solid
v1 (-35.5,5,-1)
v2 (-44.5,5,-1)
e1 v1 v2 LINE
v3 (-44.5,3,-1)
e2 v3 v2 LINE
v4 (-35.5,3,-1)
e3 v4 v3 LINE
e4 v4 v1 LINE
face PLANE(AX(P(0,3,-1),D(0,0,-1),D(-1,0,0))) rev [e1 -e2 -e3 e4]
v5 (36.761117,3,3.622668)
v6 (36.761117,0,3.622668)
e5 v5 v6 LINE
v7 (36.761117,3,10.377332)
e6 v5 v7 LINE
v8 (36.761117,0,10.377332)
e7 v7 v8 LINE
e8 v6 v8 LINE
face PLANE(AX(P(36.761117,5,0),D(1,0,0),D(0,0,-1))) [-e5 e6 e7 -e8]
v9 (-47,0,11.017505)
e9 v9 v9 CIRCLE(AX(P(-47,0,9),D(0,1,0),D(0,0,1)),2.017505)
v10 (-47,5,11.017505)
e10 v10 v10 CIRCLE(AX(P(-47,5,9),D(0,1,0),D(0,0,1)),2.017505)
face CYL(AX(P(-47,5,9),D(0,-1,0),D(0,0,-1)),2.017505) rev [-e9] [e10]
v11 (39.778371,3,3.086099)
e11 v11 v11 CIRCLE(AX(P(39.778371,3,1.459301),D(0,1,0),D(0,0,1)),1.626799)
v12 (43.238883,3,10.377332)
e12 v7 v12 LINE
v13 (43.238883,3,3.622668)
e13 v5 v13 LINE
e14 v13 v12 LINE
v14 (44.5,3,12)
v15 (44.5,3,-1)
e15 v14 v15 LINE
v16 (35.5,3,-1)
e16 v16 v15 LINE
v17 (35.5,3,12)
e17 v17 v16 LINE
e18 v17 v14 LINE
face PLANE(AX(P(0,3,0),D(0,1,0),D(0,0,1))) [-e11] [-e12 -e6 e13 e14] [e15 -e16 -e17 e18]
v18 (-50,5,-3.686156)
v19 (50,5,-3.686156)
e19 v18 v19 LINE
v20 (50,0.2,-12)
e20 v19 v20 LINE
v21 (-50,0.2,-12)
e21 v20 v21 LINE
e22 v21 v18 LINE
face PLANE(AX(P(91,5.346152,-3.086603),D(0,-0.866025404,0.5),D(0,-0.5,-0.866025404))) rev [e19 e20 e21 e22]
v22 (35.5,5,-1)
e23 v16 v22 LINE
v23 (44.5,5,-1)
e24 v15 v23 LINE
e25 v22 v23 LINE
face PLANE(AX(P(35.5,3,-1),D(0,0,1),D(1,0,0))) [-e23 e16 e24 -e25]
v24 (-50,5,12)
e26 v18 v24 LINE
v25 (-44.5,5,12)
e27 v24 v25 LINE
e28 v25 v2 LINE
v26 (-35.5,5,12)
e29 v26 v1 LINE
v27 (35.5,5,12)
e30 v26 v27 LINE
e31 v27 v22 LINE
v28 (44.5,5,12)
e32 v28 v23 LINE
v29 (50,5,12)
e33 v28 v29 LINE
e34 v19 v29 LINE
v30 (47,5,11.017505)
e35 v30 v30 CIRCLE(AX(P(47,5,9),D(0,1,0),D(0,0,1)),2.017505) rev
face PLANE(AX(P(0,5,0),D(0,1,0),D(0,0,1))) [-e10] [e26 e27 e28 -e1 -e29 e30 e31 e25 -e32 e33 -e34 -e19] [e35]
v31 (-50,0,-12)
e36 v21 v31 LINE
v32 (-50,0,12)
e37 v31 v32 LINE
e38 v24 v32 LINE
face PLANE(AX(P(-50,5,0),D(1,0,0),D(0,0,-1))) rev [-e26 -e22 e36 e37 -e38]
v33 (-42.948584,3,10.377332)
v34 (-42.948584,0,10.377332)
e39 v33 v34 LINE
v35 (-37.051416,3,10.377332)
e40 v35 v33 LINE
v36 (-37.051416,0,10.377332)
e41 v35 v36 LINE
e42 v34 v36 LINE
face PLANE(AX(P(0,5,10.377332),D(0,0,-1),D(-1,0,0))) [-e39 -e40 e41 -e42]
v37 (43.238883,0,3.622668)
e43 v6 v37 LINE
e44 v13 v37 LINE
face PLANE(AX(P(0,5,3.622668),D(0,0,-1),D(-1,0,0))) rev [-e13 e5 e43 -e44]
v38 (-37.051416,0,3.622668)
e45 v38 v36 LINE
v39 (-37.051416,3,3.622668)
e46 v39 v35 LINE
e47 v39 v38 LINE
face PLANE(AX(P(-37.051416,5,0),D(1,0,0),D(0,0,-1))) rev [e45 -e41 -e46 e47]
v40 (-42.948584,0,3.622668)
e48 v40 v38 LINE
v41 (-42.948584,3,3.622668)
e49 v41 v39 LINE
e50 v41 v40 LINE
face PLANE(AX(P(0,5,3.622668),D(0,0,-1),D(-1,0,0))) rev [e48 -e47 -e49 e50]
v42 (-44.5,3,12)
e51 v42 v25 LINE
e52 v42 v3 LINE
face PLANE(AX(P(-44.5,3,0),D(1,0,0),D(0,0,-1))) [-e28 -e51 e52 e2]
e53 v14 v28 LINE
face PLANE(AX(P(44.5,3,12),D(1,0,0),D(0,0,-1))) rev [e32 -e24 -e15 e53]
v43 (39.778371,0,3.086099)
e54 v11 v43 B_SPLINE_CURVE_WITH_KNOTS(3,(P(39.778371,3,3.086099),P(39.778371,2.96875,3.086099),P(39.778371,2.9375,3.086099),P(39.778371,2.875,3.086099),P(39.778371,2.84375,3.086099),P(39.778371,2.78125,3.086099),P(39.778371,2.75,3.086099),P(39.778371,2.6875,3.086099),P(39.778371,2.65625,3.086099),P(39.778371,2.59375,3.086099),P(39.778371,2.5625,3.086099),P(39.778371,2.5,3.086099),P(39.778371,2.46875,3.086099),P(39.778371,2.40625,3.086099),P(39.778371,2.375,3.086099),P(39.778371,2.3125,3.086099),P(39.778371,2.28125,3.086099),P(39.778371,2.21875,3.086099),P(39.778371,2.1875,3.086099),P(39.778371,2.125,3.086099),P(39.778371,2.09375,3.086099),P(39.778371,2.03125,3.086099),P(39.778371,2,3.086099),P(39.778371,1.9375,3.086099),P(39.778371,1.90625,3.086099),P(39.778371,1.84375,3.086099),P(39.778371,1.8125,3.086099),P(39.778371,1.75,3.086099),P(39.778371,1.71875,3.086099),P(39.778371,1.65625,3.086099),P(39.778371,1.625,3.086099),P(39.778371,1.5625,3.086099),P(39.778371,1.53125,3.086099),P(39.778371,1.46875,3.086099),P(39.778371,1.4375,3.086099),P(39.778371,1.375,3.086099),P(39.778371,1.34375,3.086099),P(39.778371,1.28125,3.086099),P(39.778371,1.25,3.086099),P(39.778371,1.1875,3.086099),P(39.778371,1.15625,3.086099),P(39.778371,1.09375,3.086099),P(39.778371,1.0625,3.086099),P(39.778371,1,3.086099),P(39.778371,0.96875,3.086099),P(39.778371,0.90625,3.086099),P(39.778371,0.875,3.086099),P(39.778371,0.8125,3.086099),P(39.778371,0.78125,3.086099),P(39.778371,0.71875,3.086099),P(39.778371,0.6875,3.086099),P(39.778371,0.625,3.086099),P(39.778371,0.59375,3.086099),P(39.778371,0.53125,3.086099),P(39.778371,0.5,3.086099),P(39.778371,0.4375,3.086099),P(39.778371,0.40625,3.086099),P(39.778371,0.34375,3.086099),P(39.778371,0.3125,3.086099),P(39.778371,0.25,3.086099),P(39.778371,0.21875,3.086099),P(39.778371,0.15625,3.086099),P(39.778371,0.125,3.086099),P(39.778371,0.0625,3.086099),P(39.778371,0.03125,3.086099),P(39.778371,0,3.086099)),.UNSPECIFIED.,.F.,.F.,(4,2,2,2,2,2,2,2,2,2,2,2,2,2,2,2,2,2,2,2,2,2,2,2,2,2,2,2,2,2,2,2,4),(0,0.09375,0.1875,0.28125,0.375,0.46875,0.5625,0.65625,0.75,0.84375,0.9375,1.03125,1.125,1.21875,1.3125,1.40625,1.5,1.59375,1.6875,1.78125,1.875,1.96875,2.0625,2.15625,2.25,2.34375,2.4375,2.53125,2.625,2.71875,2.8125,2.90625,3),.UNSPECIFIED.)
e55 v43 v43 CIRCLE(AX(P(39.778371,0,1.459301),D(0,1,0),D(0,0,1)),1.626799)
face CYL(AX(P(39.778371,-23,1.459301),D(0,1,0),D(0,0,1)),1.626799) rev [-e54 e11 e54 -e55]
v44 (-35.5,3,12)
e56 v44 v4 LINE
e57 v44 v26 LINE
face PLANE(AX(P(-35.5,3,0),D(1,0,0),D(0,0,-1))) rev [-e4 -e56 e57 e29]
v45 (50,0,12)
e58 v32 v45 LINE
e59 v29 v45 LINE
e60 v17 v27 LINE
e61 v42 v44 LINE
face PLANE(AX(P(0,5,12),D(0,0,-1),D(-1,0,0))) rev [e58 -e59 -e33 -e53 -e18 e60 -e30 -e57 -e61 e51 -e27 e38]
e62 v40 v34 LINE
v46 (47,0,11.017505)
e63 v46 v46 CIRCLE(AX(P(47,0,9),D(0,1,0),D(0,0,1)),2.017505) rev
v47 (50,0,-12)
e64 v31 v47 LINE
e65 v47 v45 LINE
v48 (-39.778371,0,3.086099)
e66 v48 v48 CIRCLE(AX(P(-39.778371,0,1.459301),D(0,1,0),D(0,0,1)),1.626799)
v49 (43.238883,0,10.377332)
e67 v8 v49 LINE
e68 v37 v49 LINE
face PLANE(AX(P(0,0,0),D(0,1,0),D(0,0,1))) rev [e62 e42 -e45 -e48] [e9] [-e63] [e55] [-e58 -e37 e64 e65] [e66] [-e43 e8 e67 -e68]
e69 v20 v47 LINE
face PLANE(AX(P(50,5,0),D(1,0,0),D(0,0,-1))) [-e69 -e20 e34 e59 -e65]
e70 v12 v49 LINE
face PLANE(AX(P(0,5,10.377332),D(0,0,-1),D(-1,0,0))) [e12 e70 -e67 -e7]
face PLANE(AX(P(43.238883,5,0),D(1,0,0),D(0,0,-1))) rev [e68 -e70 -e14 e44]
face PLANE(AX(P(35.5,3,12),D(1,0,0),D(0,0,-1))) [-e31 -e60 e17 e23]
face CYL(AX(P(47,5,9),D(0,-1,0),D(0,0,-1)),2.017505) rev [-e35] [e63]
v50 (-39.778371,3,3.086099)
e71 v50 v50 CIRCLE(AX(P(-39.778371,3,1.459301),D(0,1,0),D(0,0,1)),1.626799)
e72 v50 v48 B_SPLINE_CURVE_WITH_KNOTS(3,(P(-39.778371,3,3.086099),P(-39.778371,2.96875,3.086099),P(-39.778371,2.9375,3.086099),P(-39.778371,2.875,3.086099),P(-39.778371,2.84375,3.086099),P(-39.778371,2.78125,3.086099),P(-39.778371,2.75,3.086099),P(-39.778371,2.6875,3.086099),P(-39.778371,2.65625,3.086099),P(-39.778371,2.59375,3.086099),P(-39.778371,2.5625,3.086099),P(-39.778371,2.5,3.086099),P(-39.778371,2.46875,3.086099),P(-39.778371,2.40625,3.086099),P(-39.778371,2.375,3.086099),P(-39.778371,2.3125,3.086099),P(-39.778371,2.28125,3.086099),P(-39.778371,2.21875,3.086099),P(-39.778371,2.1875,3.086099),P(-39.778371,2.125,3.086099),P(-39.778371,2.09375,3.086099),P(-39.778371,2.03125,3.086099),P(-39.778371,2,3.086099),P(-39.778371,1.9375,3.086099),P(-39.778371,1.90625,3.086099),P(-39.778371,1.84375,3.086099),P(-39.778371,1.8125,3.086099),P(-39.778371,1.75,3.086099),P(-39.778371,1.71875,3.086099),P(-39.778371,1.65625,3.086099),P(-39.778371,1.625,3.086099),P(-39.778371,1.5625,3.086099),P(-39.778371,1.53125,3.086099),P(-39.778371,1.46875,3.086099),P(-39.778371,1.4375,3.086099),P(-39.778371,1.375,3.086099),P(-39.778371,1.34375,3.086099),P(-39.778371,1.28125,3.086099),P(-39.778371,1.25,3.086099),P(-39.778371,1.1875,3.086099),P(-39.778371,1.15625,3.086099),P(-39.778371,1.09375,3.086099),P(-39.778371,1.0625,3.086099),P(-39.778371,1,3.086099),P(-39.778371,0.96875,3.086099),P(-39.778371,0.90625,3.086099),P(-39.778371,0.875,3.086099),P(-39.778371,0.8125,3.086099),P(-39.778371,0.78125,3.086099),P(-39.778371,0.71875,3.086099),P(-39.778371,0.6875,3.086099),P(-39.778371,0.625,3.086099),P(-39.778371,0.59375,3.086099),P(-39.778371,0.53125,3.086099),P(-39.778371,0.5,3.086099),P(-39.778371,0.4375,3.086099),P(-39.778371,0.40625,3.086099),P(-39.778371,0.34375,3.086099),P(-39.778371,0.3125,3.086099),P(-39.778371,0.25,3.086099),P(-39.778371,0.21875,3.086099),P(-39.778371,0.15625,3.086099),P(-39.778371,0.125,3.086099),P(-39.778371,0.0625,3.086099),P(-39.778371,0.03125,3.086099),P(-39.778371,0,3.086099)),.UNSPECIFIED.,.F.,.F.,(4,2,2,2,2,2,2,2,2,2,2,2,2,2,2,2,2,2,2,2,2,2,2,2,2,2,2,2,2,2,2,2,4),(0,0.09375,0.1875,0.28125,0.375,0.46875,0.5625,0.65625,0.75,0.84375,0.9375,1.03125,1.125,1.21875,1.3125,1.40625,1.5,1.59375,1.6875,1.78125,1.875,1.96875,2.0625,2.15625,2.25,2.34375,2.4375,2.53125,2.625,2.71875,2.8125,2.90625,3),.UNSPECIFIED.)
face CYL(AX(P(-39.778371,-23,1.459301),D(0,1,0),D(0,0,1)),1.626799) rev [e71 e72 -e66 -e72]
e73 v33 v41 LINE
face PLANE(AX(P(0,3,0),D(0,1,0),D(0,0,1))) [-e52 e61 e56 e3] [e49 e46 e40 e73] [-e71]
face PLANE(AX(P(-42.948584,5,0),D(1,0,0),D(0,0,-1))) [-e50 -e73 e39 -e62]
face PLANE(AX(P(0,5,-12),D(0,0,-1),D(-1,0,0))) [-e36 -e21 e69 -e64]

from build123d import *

# Parameters (mm, degrees)
CROQUIS1_W                 = 100
CROQUIS1_H                 = 24
CROQUIS1_R                 = 2.017504942
CROQUIS1_W_2               = 5.897168216
CROQUIS1_H_2               = 6.754663932
CROQUIS1_W_3               = 6.477766384
SALIENTE_EXTRUIR1_DEPTH    = 5
CROQUIS2_W                 = 9
CROQUIS2_H                 = 13
CROQUIS2_R                 = 2.5
CORTAR_EXTRUIR1_DEPTH      = 2
CORTAR_EXTRUIR5_DEPTH      = 141
CORTAR_EXTRUIR6_DEPTH      = 21
CORTAR_EXTRUIR6_DEPTH_BACK = 26
CROQUIS5_R                 = 1.626798587


with BuildPart() as part:
    # Croquis1 → Saliente-Extruir1 (new body)
    with BuildSketch(Plane(origin=(0, 0, 0), x_dir=(1, 0, 0), z_dir=(0, 1, 0))):
        Rectangle(CROQUIS1_W, CROQUIS1_H)
        with Locations(Location((-47, -9, 0), (0, 0, 270))):
            Circle(CROQUIS1_R, mode=Mode.SUBTRACT)
        with Locations(Location((47, -9, 0), (0, 0, 270))):
            Circle(CROQUIS1_R, mode=Mode.SUBTRACT)
        with Locations((-40, -7)):
            Rectangle(CROQUIS1_W_2, CROQUIS1_H_2, mode=Mode.SUBTRACT)
        with Locations((40, -7)):
            Rectangle(CROQUIS1_W_3, CROQUIS1_H_2, mode=Mode.SUBTRACT)
    extrude(amount=SALIENTE_EXTRUIR1_DEPTH)

    # Croquis2 → Cortar-Extruir1 (cut)
    # profile 1 of 2: a face of its own
    with BuildSketch(Plane(origin=(0, 5, 0), x_dir=(1, 0, 0), z_dir=(0, 1, 0))):
        with Locations((-40, -5.5)):
            Rectangle(CROQUIS2_W, CROQUIS2_H)
        with Locations((-40, -7)):
            Circle(CROQUIS2_R, mode=Mode.SUBTRACT)
    # profile 2 of 2: a face of its own
    with BuildSketch(Plane(origin=(0, 5, 0), x_dir=(1, 0, 0), z_dir=(0, 1, 0))):
        with Locations((40, -5.5)):
            Rectangle(CROQUIS2_W, CROQUIS2_H)
        with Locations((40, -7)):
            Circle(CROQUIS2_R, mode=Mode.SUBTRACT)
    extrude(amount=-CORTAR_EXTRUIR1_DEPTH, mode=Mode.SUBTRACT)

    # Croquis3 → Cortar-Extruir5 (cut)
    with BuildSketch(Plane.ZY.offset(50)):
        Polygon((-12, 5), (-12, 0.2), (-6.100895765, 3.605849418), (-3.686156124, 5), align=None)
        Polygon((-12.757171087, 0.2), (-12, 0.2), (-12, 5), (-3.686156124, 5), (-3.039853353, 5.373143079), (-12.757171087, 5.373143079), align=None)
    extrude(amount=-CORTAR_EXTRUIR5_DEPTH, mode=Mode.SUBTRACT)

    # Croquis5 → Cortar-Extruir6 (cut, two sides: drawn at the far end of the back side and taken through both)
    with BuildSketch(Plane(origin=(0, 3, 0), x_dir=(1, 0, 0), z_dir=(0, 1, 0)).offset(-CORTAR_EXTRUIR6_DEPTH_BACK)):
        with Locations(Location((39.778371373, -1.459300721, 0), (0, 0, 270))):
            Circle(CROQUIS5_R)
        with Locations(Location((-39.778371373, -1.459300721, 0), (0, 0, 270))):
            Circle(CROQUIS5_R)
    extrude(amount=CORTAR_EXTRUIR6_DEPTH + CORTAR_EXTRUIR6_DEPTH_BACK, mode=Mode.SUBTRACT)


solid = part.part
